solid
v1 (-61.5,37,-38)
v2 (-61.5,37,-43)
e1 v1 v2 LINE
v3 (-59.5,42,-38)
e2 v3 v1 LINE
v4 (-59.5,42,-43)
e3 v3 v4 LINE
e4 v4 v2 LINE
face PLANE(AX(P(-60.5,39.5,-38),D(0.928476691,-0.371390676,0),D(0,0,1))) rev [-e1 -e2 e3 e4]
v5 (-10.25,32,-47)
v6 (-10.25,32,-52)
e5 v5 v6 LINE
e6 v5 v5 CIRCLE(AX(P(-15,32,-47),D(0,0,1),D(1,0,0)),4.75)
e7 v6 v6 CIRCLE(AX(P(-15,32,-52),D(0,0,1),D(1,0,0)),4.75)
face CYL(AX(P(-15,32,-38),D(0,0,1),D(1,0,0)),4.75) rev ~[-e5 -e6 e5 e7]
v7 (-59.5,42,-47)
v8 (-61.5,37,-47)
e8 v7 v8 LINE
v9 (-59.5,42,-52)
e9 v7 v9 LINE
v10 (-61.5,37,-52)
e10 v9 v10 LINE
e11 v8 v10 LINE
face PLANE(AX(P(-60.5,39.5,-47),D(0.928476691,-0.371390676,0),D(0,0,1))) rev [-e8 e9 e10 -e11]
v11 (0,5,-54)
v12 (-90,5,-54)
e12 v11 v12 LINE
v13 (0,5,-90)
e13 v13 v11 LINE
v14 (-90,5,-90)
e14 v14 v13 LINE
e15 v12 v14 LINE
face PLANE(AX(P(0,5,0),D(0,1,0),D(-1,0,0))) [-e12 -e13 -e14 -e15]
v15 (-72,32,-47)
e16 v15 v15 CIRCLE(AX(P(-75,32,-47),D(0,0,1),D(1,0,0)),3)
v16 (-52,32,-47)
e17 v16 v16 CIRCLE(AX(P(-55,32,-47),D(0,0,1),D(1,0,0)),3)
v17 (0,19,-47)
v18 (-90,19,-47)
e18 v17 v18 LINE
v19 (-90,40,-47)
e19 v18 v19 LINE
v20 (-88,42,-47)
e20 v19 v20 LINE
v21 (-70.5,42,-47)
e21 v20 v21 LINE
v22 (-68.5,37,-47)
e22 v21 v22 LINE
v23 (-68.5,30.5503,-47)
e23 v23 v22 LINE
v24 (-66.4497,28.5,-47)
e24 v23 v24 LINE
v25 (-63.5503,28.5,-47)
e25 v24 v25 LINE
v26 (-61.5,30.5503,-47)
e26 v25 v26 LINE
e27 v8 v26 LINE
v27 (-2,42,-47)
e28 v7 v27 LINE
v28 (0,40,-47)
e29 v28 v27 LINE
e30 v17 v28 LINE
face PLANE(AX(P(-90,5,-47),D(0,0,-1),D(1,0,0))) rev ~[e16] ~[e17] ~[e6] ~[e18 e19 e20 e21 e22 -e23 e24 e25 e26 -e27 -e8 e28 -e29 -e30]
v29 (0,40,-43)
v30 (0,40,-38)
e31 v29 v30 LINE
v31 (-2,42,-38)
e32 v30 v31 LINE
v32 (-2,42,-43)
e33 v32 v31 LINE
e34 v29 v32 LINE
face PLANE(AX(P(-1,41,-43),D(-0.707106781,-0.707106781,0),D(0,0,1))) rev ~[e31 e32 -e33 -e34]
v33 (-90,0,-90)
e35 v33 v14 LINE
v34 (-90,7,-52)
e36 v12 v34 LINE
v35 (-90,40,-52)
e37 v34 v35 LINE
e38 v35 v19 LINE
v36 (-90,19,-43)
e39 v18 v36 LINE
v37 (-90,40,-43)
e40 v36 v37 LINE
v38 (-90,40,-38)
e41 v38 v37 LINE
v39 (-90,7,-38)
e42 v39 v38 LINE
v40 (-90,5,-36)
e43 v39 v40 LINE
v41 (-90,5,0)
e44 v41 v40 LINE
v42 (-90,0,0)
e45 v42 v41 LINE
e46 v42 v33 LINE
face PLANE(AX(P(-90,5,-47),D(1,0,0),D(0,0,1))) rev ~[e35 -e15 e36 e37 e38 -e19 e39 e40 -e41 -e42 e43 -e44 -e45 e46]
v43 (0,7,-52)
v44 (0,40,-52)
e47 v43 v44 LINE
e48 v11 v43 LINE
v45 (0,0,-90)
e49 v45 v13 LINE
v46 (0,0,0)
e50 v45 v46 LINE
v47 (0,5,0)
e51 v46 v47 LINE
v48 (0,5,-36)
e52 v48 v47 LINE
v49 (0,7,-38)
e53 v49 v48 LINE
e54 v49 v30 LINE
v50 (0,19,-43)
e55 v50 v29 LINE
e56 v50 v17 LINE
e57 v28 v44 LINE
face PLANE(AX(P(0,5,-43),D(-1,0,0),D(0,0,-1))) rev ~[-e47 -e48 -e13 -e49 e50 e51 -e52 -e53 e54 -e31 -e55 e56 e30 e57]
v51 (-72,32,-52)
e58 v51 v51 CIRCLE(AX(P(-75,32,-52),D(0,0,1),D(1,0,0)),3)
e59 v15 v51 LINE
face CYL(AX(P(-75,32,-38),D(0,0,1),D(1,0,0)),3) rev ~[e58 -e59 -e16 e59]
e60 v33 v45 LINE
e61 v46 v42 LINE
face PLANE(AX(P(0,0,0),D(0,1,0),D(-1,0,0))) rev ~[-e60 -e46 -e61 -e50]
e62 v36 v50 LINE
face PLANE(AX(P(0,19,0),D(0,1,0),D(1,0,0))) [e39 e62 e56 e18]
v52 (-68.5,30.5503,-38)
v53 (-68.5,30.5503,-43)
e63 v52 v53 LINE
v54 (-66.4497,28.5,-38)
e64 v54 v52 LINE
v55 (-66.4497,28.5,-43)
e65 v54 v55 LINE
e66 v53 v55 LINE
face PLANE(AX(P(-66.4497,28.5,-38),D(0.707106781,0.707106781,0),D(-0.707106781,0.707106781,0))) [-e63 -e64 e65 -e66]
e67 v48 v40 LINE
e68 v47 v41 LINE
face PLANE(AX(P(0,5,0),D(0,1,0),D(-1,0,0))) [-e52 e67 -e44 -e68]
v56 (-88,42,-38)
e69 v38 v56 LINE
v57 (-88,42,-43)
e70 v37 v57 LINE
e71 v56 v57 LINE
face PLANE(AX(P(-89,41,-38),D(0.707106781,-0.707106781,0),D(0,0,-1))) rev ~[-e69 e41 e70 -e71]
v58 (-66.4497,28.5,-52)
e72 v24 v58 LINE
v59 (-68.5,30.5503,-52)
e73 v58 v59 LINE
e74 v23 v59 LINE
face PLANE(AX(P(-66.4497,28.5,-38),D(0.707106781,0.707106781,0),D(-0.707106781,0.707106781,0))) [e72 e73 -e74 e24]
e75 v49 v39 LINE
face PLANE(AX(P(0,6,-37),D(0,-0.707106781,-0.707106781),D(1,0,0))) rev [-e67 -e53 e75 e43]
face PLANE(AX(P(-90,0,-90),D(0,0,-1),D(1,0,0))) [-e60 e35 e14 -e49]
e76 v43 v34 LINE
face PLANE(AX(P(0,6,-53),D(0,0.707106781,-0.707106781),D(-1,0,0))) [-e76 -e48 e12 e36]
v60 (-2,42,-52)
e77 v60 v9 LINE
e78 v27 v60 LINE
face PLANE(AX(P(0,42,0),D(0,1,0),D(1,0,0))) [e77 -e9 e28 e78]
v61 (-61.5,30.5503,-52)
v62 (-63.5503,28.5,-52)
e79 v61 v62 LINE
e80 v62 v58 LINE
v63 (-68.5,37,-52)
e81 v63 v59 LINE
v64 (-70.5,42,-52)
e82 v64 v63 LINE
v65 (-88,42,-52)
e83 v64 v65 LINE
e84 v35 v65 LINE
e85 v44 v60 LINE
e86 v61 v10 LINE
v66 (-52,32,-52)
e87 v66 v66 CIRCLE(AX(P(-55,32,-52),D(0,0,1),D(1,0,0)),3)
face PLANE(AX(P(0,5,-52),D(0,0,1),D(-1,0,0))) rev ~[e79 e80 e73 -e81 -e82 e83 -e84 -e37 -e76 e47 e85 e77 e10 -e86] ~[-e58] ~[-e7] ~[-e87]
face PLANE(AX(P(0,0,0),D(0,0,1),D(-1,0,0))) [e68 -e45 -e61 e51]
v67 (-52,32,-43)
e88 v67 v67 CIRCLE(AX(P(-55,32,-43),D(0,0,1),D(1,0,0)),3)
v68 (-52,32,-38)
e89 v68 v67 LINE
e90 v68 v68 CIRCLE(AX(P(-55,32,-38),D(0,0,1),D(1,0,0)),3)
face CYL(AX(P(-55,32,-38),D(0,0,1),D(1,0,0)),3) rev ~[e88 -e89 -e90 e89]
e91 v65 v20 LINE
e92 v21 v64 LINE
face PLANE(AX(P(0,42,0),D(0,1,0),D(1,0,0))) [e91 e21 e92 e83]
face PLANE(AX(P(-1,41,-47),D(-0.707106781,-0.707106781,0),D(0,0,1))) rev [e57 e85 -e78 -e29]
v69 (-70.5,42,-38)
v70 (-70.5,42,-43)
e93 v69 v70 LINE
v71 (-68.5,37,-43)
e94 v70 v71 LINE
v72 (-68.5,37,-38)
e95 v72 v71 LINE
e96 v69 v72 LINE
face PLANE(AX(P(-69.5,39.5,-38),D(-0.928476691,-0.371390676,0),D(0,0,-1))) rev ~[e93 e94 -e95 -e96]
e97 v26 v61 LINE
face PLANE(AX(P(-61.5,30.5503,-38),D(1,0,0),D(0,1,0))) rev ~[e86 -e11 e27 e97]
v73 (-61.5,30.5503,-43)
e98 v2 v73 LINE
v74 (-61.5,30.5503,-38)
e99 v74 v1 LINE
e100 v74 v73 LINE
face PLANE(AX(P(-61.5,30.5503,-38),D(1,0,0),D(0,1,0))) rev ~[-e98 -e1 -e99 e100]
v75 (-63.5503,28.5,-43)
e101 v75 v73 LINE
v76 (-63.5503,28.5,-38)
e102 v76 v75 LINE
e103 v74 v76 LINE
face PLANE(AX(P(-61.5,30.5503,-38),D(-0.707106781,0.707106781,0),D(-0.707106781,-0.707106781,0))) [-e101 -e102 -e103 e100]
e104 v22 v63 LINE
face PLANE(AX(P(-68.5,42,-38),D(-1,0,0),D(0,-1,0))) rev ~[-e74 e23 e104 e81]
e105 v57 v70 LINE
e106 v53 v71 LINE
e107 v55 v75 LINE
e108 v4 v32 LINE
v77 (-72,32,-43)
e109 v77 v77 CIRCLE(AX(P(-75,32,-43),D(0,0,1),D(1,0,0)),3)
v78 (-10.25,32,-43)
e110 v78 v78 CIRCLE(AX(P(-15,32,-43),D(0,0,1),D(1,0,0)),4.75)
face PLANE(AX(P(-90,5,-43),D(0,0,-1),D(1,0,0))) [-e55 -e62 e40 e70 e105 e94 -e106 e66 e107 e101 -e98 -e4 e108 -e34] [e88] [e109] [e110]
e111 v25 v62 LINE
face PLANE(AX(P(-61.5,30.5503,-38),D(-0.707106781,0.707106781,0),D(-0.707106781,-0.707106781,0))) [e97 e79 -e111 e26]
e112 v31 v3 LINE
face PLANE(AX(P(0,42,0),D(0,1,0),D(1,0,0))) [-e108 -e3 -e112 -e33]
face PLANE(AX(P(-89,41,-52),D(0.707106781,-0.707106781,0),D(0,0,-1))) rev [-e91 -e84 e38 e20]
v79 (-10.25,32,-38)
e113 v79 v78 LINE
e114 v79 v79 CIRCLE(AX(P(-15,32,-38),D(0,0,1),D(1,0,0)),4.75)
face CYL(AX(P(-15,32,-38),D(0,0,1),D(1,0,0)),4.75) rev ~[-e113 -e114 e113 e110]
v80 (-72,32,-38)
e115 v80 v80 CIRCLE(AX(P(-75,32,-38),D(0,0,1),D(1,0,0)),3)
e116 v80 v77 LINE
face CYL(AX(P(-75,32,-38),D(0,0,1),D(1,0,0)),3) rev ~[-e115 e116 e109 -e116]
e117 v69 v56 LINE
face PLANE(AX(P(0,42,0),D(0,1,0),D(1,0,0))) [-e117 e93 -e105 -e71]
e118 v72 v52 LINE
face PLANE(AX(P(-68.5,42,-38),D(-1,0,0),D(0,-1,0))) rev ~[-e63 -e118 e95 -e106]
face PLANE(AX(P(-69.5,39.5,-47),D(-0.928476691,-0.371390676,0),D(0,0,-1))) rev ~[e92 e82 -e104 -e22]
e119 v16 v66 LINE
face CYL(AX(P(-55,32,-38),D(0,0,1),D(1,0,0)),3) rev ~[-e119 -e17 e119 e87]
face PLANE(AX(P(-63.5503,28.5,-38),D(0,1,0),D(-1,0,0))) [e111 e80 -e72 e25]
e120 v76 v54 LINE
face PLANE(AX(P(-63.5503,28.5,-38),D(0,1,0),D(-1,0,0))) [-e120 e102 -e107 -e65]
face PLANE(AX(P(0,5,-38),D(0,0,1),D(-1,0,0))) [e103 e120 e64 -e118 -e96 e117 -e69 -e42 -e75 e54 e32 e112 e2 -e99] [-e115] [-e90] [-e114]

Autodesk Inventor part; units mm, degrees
ref_plane "YZ Plane" through (0, 0, 0) normal (1, 0, 0) x (0, 1, 0)
ref_plane "XZ Plane" through (0, 0, 0) normal (0, 1, 0) x (-1, 0, 0)
ref_plane "XY Plane" through (0, 0, 0) normal (0, 0, 1) x (1, 0, 0)
sketch "Sketch1" plane through (0, 0, 0) normal (0, 1, 0) x (-1, 0, 0)
  line L0 (0, 0) -> (90, 0)
  line L1 (90, 0) -> (90, -90)
  line L2 (90, -90) -> (0, -90)
  line L3 (0, -90) -> (0, 0)
  dimension "d0" = 90
  dimension "d1" = 90
extrude "Extrusion1" add sketch "Sketch1" along normal blind 5
sketch "Sketch2" plane through (0, 5, 0) normal (0, 1, 0) x (1, 0, 0)
  line L0 (-90, 90) -> (-90, 0) construction
  line L1 (-90, 45) -> (0, 45) construction
  line L2 (0, 0) -> (0, 90) construction
  line L3 (-90, 43) -> (0, 43)
  line L4 (0, 43) -> (0, 38)
  line L5 (0, 38) -> (-90, 38)
  line L6 (-90, 38) -> (-90, 43)
  line L7 (-90, 47) -> (0, 47)
  line L8 (0, 47) -> (0, 52)
  line L9 (0, 52) -> (-90, 52)
  line L10 (-90, 52) -> (-90, 47)
  dimension "d5" = 5
  dimension "d6" = 5
  dimension "d7" = 2
  dimension "d8" = 2
extrude "Extrusion2" add sketch "Sketch2" along normal blind 37
sketch "Sketch3" plane through (-90, 5, -38) normal (0, 0, 1) x (1, 0, 0)
  circle A0 centre (15, 27) radius 3
  circle A1 centre (35, 27) radius 3
  circle A2 centre (75, 27) radius 4.75
  line L0 (0, 0) -> (0, 37) projected
  line L1 (90, 0) -> (90, 37) projected
  line L2 (0, 37) -> (90, 37) projected
  line L3 (28.5, 25.5503) -> (26.4497, 23.5)
  line L4 (26.4497, 23.5) -> (23.5503, 23.5)
  line L5 (23.5503, 23.5) -> (21.5, 25.5503)
  line L6 (21.5, 25.5503) -> (28.5, 25.5503)
  point P0 (90, -5)
  point P1 (25, 27)
  point P2 (25, 27)
  dimension "d11" = 6
  dimension "d12" = 6
  dimension "d13" = 9.5
  dimension "d14" = 20
  dimension "d15" = 40
  dimension "d16" = 15
  dimension "d17" = 15
  dimension "d18" = 10
  dimension "d20" = 10
extrude "Extrusion3" cut sketch "Sketch3" against normal blind 14
sketch "Sketch4" plane through (-90, 5, -38) normal (0, 0, 1) x (1, 0, 0)
  line L0 (21.5, 25.5503) -> (28.5, 25.5503) projected
  line L1 (90, 37) -> (0, 37) projected
  line L2 (21.5, 25.5503) -> (28.5, 25.5503)
  line L3 (28.5, 25.5503) -> (28.5, 37)
  line L4 (28.5, 37) -> (21.5, 37)
  line L5 (21.5, 37) -> (21.5, 25.5503)
  point P0 (90, -5)
  dimension "d24" = 7
extrude "Extrusion4" cut sketch "Sketch4" against normal blind 14
sketch "Sketch5" plane through (0, 5, 0) normal (0, 1, 0) x (1, 0, 0)
  point P0 (0, 0)
sketch "Sketch6" plane through (0, 5, 0) normal (0, 1, 0) x (1, 0, 0)
  line L0 (-90, 47) -> (-90, 43) projected
  line L1 (0, 43) -> (0, 47) projected
  line L2 (-90, 43) -> (0, 43)
  line L3 (0, 43) -> (0, 47)
  line L4 (0, 47) -> (-90, 47)
  line L5 (-90, 47) -> (-90, 43)
  point P0 (0, 0)
extrude "Extrusion5" add sketch "Sketch6" along normal blind 14
chamfer "Chamfer1" distance 2 angle 45 6 edges at (-45, 5, -52) (0, 42, -40.5) (0, 42, -49.5) (-90, 42, -49.5) (-90, 42, -40.5) (-45, 5, -38)
chamfer "Chamfer2" distance 2 distance2 5 1 edges at (-68.5, 42, -40.5) measured on face at (-81.5, 42, -41.3333)
chamfer "Chamfer3" distance 2 distance2 5 1 edges at (-68.5, 42, -49.5) measured on face at (-81.5, 42, -50.3333)
chamfer "Chamfer4" distance 2 distance2 5 1 edges at (-61.5, 42, -49.5) measured on face at (-21.8333, 42, -48.6667)
chamfer "Chamfer5" distance 2 distance2 5 1 edges at (-61.5, 42, -40.5) measured on face at (-41.6667, 42, -41.3333)
